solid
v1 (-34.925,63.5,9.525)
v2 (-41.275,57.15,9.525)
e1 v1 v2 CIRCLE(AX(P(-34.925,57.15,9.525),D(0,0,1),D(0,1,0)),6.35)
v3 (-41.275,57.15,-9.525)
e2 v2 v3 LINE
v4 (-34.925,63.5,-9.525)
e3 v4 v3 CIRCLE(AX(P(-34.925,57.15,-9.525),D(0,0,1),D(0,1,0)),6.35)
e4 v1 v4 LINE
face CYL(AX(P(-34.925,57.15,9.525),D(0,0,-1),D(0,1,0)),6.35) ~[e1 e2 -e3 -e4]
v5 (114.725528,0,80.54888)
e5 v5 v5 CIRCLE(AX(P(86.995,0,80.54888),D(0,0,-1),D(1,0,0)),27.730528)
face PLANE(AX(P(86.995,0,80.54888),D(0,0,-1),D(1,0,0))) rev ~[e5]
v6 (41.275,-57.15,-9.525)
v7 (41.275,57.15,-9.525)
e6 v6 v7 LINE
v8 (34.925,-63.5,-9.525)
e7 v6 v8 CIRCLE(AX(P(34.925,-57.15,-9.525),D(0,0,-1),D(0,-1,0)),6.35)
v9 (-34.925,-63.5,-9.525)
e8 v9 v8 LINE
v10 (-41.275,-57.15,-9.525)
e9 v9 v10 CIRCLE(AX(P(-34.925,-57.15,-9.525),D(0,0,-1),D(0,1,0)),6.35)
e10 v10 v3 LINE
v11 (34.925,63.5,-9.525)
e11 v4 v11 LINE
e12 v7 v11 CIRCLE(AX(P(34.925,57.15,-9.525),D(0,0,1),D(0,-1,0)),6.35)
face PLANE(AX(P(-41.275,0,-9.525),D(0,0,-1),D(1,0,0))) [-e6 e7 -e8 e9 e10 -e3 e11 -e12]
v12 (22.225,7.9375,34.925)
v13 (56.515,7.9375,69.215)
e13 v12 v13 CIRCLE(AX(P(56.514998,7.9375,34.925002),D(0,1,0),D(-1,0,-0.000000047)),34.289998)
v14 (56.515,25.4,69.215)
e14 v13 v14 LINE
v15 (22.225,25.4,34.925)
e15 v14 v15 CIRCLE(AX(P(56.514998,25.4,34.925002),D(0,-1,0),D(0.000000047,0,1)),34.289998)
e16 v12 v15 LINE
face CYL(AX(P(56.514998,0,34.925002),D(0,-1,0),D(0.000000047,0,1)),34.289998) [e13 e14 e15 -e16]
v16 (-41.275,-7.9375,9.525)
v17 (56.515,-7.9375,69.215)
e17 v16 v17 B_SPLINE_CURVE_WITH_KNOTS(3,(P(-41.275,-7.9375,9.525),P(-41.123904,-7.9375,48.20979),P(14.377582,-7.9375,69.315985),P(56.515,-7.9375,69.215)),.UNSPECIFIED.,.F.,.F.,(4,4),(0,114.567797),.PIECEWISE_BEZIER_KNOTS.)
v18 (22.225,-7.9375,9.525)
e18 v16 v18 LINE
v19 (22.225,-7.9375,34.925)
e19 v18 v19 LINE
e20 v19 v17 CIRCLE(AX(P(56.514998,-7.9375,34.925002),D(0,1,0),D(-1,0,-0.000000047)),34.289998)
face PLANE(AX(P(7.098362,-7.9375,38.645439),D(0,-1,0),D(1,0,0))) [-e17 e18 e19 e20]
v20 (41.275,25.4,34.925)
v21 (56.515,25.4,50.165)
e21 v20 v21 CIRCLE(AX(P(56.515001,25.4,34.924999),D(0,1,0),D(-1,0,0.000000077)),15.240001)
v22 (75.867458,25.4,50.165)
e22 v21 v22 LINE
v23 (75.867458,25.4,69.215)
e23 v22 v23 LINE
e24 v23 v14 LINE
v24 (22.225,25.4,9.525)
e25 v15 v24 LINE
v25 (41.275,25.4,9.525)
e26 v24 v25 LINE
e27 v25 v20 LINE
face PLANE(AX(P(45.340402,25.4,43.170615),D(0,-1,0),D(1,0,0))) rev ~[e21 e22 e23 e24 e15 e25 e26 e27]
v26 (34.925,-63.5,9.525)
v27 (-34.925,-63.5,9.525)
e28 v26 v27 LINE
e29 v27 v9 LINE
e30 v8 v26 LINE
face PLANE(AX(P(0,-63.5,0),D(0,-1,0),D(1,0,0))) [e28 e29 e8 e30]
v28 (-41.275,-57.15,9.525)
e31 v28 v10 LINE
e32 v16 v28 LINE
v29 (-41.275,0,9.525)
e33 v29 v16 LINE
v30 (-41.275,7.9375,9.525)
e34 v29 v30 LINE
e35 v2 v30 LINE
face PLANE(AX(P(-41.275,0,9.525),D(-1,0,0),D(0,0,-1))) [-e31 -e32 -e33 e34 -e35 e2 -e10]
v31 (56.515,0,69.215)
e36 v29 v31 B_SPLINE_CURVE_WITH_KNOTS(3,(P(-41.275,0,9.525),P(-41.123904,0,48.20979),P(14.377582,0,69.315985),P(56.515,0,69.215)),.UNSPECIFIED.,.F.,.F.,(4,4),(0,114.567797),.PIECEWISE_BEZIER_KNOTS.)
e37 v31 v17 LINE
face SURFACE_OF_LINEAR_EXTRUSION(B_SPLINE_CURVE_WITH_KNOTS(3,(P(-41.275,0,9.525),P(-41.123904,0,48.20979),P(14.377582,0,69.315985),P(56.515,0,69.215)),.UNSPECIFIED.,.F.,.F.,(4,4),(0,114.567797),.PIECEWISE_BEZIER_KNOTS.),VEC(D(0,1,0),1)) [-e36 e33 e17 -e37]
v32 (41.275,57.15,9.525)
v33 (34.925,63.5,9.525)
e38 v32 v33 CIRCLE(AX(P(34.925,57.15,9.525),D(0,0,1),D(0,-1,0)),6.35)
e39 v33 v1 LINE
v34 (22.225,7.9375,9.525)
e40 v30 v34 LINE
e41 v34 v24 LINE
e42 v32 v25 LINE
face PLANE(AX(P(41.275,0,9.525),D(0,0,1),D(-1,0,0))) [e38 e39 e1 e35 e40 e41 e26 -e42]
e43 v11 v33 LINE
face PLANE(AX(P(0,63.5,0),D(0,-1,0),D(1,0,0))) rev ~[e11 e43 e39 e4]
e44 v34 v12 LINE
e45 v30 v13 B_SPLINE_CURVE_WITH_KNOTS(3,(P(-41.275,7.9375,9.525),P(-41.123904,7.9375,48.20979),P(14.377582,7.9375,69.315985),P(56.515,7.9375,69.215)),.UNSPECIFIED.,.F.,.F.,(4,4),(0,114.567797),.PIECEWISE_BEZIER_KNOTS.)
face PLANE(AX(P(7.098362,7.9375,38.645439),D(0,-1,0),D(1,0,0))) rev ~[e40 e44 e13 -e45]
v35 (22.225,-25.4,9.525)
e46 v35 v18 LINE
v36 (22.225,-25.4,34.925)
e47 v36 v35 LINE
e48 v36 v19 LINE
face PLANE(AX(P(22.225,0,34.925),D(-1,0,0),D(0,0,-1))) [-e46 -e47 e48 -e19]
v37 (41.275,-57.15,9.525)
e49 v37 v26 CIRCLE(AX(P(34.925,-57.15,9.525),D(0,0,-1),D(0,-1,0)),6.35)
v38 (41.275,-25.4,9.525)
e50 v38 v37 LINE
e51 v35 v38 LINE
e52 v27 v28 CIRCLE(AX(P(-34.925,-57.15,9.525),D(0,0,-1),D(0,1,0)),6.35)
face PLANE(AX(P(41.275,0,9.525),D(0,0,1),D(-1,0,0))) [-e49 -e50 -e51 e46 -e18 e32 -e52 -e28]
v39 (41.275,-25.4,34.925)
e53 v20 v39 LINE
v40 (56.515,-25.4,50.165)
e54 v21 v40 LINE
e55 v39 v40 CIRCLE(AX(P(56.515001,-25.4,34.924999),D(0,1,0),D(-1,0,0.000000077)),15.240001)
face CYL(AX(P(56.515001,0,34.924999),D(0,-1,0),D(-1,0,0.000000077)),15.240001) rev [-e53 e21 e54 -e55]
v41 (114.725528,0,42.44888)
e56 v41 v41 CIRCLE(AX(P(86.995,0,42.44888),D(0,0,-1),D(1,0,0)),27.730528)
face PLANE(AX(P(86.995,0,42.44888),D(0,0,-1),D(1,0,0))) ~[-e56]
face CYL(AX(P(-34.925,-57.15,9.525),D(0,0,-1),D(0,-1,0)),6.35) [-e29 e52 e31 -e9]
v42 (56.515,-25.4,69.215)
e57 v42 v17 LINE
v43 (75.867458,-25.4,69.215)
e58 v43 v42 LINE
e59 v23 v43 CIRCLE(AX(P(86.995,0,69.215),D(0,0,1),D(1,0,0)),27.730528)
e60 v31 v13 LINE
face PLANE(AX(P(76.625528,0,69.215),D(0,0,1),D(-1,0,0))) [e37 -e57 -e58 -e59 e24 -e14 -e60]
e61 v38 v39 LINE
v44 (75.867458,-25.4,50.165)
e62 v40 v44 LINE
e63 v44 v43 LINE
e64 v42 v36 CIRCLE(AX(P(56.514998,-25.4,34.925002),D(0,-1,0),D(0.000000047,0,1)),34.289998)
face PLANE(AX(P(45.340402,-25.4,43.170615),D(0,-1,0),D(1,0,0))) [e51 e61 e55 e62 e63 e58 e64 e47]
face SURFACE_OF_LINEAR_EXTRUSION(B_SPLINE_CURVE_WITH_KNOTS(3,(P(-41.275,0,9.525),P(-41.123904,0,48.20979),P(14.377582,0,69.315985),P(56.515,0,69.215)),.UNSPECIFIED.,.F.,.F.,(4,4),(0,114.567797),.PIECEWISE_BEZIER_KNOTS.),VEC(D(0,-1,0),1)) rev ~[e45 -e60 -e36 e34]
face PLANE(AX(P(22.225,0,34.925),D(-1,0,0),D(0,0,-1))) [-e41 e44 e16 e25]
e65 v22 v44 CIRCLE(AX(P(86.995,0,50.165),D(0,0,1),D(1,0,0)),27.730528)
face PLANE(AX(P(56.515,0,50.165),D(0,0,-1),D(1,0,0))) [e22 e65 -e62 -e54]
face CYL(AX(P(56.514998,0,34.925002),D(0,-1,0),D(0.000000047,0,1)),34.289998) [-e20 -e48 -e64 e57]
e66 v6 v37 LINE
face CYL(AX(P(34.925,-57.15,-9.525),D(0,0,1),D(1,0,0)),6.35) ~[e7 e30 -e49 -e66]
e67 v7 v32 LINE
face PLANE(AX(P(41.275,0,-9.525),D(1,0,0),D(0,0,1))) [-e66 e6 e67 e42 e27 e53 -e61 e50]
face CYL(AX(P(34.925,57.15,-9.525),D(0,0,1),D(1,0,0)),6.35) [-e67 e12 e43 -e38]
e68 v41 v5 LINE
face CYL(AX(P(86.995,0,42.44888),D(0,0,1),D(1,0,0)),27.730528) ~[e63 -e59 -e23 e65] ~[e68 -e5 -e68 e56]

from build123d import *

# Parameters (mm, degrees)
F1_DEPTH = 63.5
F2_DEPTH = 25.4
F3_DEPTH = 7.9375
F5_R     = 6.35


with BuildPart() as f1:
    # F0 (on Front) → F1 (new body, symmetric)
    with BuildSketch(Plane.XZ):
        Polygon((41.275, -9.525), (41.275, 9.525), (22.225, 9.525), (-41.275, 9.525), (-41.275, -9.525), align=None)
    extrude(amount=F1_DEPTH, both=True)

    # F0 (on Front) → F2 (join, symmetric)
    with BuildSketch(Plane.XZ):
        with BuildLine():
            Line((22.225, 9.525), (41.275, 9.525))
            Line((41.275, 9.525), (41.275, 34.925))
            ThreePointArc((41.275, 34.925), (45.738693, 45.701307), (56.515, 50.165))
            Line((56.515, 50.165), (76.625528, 50.165))
            Line((76.625528, 50.165), (76.625528, 69.215))
            Line((76.625528, 69.215), (56.515, 69.215))
            ThreePointArc((56.515, 69.215), (32.268308, 59.171692), (22.225, 34.925))
            Line((22.225, 34.925), (22.225, 9.525))
        make_face()
    extrude(amount=F2_DEPTH, both=True)

    # F0 (on Front) → F3 (join, symmetric)
    with BuildSketch(Plane.XZ):
        with BuildLine():
            Line((-41.275, 9.525), (22.225, 9.525))
            Line((22.225, 9.525), (22.225, 34.925))
            ThreePointArc((22.225, 34.925), (32.268308, 59.171692), (56.515, 69.215))
            add(Edge.make_bspline(
                [(-41.275, 9.525), (-41.123904, 48.20979), (14.377582, 69.315985), (56.515, 69.215)],
                knots=[0, 0, 0, 0, 114.567797, 114.567797, 114.567797, 114.567797], degree=3))
        make_face()
    extrude(amount=F3_DEPTH, both=True)

    # F0 (on Front) → F4 (revolve)
    with BuildSketch(Plane.XZ):
        Polygon((86.995, 69.215), (86.995, 50.165), (86.995, 42.44888), (114.725528, 42.44888), (114.725528, 80.54888), (86.995, 80.54888), align=None)
    revolve(axis=Axis((86.995, 0, 61.49888), (0, 0, -1)))

    # F5
    f5_edges = [f1.edges().sort_by_distance(p)[0] for p in [
        (-41.275, 63.5, 0),
        (-41.275, -63.5, 0),
        (41.275, 63.5, 0),
        (41.275, -63.5, 0),
    ]]
    fillet(f5_edges, radius=F5_R)


solid = f1.part
